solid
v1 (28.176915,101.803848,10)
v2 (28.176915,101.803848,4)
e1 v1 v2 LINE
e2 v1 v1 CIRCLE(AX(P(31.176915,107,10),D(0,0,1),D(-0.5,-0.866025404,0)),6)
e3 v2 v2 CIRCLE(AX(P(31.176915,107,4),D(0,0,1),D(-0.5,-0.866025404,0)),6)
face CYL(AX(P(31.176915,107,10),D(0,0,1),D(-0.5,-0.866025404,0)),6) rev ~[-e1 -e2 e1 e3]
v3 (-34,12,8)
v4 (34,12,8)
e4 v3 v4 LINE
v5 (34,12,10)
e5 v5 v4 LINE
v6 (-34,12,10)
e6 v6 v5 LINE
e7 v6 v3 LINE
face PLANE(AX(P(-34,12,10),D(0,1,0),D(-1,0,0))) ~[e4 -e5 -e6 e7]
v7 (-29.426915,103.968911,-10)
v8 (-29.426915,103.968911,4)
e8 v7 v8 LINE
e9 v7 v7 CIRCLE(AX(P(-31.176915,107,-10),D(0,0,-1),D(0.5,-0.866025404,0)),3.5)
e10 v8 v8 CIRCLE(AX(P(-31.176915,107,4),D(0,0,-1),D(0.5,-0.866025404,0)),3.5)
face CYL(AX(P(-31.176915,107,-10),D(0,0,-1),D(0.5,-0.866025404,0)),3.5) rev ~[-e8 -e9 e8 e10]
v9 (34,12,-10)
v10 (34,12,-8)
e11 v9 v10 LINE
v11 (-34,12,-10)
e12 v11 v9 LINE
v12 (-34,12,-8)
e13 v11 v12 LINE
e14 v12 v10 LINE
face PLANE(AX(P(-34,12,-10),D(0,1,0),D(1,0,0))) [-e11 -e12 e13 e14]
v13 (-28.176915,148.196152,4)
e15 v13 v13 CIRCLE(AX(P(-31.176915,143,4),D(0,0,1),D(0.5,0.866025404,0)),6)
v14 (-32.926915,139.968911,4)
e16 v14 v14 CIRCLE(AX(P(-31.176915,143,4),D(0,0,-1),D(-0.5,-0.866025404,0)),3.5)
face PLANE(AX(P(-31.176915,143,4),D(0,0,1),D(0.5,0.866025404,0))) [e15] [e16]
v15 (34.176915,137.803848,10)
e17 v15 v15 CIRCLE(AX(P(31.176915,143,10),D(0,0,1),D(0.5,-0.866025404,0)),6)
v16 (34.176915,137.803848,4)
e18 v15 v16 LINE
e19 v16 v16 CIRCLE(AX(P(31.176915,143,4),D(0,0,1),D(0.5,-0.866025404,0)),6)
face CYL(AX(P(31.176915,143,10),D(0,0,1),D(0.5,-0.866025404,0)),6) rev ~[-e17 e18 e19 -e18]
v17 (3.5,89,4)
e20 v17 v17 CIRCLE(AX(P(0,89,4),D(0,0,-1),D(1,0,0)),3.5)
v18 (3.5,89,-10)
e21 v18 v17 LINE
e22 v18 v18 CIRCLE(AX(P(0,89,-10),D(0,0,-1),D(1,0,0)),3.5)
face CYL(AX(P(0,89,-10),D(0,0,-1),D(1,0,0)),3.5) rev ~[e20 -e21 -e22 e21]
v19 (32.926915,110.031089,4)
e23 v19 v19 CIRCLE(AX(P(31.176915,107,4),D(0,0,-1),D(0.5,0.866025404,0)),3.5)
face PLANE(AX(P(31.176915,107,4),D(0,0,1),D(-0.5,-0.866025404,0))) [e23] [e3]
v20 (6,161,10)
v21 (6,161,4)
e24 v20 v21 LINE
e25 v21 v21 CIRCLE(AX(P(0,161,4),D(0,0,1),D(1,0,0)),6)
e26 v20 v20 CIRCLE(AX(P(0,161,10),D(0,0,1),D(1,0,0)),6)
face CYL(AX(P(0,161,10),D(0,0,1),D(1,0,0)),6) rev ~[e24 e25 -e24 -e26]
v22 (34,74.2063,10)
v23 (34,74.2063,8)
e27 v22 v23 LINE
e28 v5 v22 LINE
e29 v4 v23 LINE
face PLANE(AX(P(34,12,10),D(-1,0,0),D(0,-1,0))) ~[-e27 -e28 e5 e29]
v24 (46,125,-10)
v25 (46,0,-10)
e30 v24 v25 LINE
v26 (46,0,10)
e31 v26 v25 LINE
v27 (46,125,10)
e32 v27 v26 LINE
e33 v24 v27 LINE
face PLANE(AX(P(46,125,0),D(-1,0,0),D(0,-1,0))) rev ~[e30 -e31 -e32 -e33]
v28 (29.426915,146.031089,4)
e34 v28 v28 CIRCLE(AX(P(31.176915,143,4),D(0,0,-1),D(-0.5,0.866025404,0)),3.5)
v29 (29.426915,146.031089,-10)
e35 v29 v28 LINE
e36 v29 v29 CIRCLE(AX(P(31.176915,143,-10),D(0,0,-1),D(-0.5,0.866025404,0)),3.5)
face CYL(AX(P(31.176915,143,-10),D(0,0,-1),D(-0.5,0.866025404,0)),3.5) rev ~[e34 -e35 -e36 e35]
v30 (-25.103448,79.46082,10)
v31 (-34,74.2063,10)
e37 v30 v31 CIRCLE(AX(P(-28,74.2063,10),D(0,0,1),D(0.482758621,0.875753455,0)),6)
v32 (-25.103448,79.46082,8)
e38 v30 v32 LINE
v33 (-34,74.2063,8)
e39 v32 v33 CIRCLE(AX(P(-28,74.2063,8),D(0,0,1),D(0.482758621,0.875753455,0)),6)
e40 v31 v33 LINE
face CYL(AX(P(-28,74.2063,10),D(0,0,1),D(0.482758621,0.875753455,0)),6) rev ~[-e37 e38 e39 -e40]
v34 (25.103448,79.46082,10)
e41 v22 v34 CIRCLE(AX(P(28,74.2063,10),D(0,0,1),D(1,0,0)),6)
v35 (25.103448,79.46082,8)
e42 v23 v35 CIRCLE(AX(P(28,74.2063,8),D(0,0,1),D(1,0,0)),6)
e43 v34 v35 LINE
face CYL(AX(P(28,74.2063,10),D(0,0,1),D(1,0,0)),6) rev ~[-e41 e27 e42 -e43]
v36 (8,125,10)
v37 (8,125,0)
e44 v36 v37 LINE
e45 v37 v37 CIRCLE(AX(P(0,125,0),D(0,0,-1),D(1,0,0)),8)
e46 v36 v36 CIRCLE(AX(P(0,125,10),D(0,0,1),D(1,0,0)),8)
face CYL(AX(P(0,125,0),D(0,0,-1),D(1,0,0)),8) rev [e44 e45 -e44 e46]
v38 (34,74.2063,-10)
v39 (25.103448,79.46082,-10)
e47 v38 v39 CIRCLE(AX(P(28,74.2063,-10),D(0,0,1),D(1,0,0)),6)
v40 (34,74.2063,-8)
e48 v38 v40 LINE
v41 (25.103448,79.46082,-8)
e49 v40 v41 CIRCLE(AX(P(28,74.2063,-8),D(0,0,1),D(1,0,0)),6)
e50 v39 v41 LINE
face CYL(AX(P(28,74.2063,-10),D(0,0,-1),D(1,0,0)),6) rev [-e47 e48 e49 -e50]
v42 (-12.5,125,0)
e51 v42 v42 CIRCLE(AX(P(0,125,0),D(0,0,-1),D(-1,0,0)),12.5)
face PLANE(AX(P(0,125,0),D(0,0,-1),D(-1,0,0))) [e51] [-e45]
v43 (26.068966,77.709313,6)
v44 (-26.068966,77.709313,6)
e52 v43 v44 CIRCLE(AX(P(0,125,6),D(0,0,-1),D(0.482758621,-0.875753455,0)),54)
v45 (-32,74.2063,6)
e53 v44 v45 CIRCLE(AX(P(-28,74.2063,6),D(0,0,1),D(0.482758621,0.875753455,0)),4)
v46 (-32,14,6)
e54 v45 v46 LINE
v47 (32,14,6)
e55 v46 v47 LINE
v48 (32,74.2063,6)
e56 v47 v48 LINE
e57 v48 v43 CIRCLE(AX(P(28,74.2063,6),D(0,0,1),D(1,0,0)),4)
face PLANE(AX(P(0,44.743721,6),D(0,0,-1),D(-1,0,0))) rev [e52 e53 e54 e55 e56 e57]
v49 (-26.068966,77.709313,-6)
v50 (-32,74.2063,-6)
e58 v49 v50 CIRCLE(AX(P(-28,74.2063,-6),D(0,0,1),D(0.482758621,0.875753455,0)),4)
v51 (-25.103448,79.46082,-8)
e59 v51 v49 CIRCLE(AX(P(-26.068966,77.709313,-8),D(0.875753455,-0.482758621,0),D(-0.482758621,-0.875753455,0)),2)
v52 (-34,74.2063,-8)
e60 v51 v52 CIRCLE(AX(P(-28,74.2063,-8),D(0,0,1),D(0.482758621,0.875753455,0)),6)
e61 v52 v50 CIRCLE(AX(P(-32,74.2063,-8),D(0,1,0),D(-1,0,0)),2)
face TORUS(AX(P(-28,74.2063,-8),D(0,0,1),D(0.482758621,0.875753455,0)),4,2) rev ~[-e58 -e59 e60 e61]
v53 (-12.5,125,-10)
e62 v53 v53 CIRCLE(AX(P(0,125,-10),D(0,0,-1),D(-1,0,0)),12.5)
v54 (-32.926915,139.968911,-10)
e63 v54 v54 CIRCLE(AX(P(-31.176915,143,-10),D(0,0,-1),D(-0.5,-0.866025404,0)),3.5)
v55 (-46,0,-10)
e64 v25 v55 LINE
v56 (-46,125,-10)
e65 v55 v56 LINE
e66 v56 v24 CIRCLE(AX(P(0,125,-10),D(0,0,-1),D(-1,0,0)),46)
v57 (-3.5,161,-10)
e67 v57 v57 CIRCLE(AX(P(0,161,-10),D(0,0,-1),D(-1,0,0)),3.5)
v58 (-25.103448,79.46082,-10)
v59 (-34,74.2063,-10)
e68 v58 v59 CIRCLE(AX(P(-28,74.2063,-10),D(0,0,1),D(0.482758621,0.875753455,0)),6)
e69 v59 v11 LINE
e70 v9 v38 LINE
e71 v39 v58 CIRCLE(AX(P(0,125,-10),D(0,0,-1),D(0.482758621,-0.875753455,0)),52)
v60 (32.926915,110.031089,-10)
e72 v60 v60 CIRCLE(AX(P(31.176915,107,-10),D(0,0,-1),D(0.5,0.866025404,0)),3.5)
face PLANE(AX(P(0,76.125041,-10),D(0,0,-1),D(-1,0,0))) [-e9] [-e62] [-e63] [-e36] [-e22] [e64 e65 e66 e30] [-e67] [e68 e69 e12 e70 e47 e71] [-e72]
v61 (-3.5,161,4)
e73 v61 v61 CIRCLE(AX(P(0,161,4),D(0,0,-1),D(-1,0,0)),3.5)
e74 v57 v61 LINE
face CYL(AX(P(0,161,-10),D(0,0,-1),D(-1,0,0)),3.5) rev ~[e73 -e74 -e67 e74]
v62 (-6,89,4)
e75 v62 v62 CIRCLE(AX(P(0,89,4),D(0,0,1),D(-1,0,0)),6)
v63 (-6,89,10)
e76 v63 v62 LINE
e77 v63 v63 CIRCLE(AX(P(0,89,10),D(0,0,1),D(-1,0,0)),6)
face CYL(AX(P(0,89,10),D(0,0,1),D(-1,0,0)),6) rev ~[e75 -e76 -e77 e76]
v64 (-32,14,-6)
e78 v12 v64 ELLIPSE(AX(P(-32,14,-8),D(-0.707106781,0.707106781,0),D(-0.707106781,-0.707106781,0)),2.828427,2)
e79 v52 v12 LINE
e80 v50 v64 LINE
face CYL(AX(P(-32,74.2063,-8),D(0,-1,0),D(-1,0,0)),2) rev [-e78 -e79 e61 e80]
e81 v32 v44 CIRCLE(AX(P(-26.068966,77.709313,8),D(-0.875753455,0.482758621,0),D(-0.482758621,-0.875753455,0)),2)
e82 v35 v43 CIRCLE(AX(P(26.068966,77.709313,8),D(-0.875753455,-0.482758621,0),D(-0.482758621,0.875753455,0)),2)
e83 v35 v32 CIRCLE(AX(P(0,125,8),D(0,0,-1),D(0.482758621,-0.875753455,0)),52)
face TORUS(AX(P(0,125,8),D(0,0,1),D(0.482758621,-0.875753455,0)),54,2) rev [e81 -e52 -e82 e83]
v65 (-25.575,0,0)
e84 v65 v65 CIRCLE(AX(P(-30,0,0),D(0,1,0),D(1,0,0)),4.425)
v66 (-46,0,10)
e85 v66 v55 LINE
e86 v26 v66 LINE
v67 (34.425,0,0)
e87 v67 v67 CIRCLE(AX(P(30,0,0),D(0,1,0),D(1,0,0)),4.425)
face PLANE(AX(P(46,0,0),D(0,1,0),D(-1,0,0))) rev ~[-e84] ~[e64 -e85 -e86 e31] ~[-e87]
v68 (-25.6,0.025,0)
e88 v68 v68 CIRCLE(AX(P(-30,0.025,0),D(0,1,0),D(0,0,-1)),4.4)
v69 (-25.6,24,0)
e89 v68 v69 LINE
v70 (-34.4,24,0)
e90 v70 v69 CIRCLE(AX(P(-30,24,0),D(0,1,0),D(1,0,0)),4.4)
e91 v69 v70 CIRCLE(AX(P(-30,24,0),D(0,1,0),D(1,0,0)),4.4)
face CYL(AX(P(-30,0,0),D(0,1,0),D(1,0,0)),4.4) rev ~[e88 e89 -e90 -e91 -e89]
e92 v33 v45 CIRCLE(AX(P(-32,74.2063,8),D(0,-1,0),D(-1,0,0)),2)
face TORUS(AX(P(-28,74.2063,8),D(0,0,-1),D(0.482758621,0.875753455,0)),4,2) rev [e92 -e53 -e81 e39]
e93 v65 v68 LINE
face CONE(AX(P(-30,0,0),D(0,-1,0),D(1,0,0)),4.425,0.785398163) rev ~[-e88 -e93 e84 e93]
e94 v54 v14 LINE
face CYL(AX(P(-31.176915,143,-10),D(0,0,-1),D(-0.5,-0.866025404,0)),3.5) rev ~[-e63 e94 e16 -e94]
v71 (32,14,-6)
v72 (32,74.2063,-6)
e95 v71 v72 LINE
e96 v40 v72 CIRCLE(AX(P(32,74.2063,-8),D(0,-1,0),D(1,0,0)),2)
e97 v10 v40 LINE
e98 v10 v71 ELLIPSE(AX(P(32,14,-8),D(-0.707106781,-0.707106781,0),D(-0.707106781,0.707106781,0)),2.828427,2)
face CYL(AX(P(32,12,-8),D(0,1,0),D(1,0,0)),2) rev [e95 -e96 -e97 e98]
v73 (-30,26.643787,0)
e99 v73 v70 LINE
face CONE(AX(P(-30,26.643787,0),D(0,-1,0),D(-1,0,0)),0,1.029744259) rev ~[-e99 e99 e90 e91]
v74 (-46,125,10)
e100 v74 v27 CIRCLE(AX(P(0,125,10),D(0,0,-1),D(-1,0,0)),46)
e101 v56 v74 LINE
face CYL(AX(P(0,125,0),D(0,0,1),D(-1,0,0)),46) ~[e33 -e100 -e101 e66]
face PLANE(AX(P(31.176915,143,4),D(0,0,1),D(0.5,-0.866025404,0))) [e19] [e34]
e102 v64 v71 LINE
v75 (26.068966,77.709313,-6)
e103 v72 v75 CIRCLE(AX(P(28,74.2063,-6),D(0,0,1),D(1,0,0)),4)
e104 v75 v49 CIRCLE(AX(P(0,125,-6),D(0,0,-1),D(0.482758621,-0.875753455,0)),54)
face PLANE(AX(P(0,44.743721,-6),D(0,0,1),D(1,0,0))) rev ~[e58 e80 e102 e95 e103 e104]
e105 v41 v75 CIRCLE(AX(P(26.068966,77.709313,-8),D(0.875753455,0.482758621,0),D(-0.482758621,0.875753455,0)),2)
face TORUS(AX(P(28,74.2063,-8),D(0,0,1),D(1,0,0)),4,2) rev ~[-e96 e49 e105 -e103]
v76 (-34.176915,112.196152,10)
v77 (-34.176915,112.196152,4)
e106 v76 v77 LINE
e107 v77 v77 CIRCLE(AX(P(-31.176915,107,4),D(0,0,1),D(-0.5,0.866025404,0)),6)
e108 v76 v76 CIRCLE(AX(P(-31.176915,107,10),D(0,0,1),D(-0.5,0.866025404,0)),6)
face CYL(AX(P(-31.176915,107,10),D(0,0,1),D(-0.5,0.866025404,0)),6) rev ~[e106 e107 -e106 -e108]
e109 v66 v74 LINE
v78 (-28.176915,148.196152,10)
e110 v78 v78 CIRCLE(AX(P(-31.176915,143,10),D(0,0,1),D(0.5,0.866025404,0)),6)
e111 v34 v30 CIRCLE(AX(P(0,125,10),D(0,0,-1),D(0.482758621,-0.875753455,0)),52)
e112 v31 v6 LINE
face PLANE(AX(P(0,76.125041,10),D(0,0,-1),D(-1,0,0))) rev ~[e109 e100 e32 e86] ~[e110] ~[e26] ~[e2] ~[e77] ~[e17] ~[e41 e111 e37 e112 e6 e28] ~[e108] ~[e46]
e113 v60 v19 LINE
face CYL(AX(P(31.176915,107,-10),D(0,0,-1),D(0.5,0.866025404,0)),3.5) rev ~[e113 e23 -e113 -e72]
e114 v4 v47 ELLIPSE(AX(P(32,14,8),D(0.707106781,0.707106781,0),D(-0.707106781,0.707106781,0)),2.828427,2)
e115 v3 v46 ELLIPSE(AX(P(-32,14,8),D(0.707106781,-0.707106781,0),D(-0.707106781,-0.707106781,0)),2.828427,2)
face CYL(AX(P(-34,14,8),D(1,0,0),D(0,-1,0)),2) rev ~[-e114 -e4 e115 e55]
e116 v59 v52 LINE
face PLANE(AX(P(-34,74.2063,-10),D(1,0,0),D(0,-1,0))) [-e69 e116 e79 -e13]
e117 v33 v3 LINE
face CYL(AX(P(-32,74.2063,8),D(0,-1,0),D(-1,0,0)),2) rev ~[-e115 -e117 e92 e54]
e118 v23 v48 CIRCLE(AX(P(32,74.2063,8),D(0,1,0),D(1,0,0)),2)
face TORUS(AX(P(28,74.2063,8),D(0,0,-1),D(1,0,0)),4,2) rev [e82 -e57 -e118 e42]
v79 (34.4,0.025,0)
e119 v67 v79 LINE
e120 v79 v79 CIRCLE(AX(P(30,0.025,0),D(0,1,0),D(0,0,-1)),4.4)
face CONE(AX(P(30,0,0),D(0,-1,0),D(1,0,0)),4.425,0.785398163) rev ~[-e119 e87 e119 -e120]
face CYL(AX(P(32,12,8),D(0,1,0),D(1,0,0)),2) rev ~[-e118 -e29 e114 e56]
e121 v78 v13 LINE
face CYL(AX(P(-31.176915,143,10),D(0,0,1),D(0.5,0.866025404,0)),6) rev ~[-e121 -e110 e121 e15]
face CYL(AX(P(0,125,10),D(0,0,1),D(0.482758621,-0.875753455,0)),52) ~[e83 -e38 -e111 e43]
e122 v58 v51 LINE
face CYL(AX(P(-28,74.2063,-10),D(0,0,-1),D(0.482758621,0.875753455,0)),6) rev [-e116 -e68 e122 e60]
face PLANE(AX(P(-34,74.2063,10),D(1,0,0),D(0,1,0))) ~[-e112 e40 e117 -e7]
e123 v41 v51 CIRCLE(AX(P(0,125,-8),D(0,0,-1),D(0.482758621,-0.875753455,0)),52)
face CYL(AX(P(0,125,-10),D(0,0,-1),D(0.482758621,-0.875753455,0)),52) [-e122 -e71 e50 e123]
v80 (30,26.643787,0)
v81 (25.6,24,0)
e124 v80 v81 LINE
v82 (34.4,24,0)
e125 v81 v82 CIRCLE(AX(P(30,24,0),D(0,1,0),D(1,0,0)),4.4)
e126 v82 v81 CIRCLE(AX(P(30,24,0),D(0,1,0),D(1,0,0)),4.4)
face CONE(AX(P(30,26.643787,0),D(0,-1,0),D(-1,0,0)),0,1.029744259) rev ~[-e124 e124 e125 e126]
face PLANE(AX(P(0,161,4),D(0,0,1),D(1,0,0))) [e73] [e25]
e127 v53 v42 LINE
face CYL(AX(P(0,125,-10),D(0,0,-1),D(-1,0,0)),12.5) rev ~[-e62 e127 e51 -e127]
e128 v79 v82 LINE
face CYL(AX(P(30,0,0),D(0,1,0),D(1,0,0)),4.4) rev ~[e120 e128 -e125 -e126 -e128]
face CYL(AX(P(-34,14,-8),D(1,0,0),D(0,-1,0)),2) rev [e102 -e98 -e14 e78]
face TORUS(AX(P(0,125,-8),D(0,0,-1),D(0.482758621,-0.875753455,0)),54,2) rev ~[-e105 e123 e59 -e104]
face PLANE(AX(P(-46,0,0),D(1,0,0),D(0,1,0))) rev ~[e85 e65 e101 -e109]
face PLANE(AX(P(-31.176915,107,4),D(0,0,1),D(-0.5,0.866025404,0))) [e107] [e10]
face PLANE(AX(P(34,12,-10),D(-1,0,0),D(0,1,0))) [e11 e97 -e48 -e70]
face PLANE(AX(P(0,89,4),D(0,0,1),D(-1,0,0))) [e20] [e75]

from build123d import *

# Parameters (mm, degrees)
SKETCH1_R                               = 8
BOSS_EXTRUDE1_DEPTH                     = 10
SKETCH4_R                               = 12.5
CUT_EXTRUDE3_DEPTH                      = 10
SKETCH5_R                               = 3.5
CUT_EXTRUDE4_DEPTH                      = 179.204938203
SKETCH6_R                               = 6
CUT_EXTRUDE5_DEPTH                      = 6
CIRPATTERN1_COUNT                       = 6
CUT_EXTRUDE6_DEPTH                      = 4
FILLET1_R                               = 2
FILLET1_OF_MIRROR1_R                    = 2
TAP_DRILL_FOR_M10X1_25_TAP2_D           = 8.8
TAP_DRILL_FOR_M10X1_25_TAP2_DEPTH       = 24
TAP_DRILL_FOR_M10X1_25_TAP2_CSINK_D     = 8.85
TAP_DRILL_FOR_M10X1_25_TAP2_CSINK_ANGLE = 90
TAP_DRILL_FOR_M10X1_25_TAP2_TIP         = 2.643786724


with BuildPart() as part:
    # Sketch1 → Boss-Extrude1 (new, symmetric)
    with BuildSketch(Plane.XY):
        with BuildLine():
            Line((46, 125), (46, 0))
            Line((46, 0), (-46, 0))
            Line((-46, 0), (-46, 125))
            ThreePointArc((-46, 125), (0, 171), (46, 125))
        make_face()
        with Locations((0, 125)):
            Circle(SKETCH1_R, mode=Mode.SUBTRACT)
    extrude(amount=BOSS_EXTRUDE1_DEPTH, both=True)

    # Sketch4 → Cut-Extrude3 (cut)
    with BuildSketch(Plane(origin=(0, 0, -10), x_dir=(-1, 0, 0), z_dir=(0, 0, -1))):
        with Locations((0, 125)):
            Circle(SKETCH4_R)
    extrude(amount=-CUT_EXTRUDE3_DEPTH, mode=Mode.SUBTRACT)

    # Sketch5 → Cut-Extrude4 (cut, through all)
    with BuildSketch(Plane(origin=(0, 0, -10), x_dir=(-1, 0, 0), z_dir=(0, 0, -1))):
        with Locations((0, 161)):
            Circle(SKETCH5_R)
    cut_extrude4 = extrude(amount=-CUT_EXTRUDE4_DEPTH, mode=Mode.SUBTRACT)

    # Sketch6 → Cut-Extrude5 (cut)
    with BuildSketch(Plane.XY.offset(10)):
        with Locations((0, 161)):
            Circle(SKETCH6_R)
    cut_extrude5 = extrude(amount=-CUT_EXTRUDE5_DEPTH, mode=Mode.SUBTRACT)

    # CirPattern1: Cut-Extrude4, Cut-Extrude5 ×6 about axis
    cirpattern1_axis = Axis((0, 125, 0), (0, 0, 1))
    add([cut_extrude4.rotate(cirpattern1_axis, i * 360 / CIRPATTERN1_COUNT) for i in range(1, CIRPATTERN1_COUNT)], mode=Mode.SUBTRACT)
    add([cut_extrude5.rotate(cirpattern1_axis, i * 360 / CIRPATTERN1_COUNT) for i in range(1, CIRPATTERN1_COUNT)], mode=Mode.SUBTRACT)

    # Sketch9 → Cut-Extrude6 (cut)
    with BuildSketch(Plane(origin=(0, 0, -10), x_dir=(-1, 0, 0), z_dir=(0, 0, -1))):
        with BuildLine():
            Line((-34, 12), (-34, 74.206299603))
            ThreePointArc((-34, 74.206299603), (-31.051285766, 79.372502771), (-25.103448276, 79.460820334))
            ThreePointArc((-25.103448276, 79.460820334), (0, 73), (25.103448276, 79.460820334))
            ThreePointArc((25.103448276, 79.460820334), (31.051285766, 79.372502771), (34, 74.206299603))
            Line((34, 74.206299603), (34, 12))
            Line((34, 12), (-34, 12))
        make_face()
    cut_extrude6 = extrude(amount=-CUT_EXTRUDE6_DEPTH, mode=Mode.SUBTRACT)

    # Fillet1
    fillet1_edges = [part.edges().sort_by_distance(p)[0] for p in [
        (-31.051285766, 79.372502771, -6),
        (-34, 43.103149802, -6),
        (0, 12, -6),
        (34, 43.103149802, -6),
        (31.051285766, 79.372502771, -6),
        (0, 73, -6),
    ]]
    fillet(fillet1_edges, radius=FILLET1_R)

    # Mirror1: Cut-Extrude6 across plane
    add(cut_extrude6.mirror(Plane.XY), mode=Mode.SUBTRACT)

    # Fillet1 of Mirror1
    fillet1_of_mirror1_edges = [part.edges().sort_by_distance(p)[0] for p in [
        (-31.051285766, 79.372502771, 6),
        (-34, 43.103149802, 6),
        (0, 12, 6),
        (34, 43.103149802, 6),
        (31.051285766, 79.372502771, 6),
        (0, 73, 6),
    ]]
    fillet(fillet1_of_mirror1_edges, radius=FILLET1_OF_MIRROR1_R)

    # Tap Drill for M10x1.25 Tap2
    with Locations(Plane(origin=(0, 0, 0), x_dir=(-1, 0, 0), z_dir=(0, -1, 0))):
        with Locations((-30, 0), (30, 0)):
            CounterSinkHole(TAP_DRILL_FOR_M10X1_25_TAP2_D / 2, TAP_DRILL_FOR_M10X1_25_TAP2_CSINK_D / 2, depth=TAP_DRILL_FOR_M10X1_25_TAP2_DEPTH, counter_sink_angle=TAP_DRILL_FOR_M10X1_25_TAP2_CSINK_ANGLE)
            with Locations((0, 0, -(TAP_DRILL_FOR_M10X1_25_TAP2_DEPTH + TAP_DRILL_FOR_M10X1_25_TAP2_TIP / 2))):  # 118° drill point
                Cone(0, TAP_DRILL_FOR_M10X1_25_TAP2_D / 2, TAP_DRILL_FOR_M10X1_25_TAP2_TIP, mode=Mode.SUBTRACT)


solid = part.part
